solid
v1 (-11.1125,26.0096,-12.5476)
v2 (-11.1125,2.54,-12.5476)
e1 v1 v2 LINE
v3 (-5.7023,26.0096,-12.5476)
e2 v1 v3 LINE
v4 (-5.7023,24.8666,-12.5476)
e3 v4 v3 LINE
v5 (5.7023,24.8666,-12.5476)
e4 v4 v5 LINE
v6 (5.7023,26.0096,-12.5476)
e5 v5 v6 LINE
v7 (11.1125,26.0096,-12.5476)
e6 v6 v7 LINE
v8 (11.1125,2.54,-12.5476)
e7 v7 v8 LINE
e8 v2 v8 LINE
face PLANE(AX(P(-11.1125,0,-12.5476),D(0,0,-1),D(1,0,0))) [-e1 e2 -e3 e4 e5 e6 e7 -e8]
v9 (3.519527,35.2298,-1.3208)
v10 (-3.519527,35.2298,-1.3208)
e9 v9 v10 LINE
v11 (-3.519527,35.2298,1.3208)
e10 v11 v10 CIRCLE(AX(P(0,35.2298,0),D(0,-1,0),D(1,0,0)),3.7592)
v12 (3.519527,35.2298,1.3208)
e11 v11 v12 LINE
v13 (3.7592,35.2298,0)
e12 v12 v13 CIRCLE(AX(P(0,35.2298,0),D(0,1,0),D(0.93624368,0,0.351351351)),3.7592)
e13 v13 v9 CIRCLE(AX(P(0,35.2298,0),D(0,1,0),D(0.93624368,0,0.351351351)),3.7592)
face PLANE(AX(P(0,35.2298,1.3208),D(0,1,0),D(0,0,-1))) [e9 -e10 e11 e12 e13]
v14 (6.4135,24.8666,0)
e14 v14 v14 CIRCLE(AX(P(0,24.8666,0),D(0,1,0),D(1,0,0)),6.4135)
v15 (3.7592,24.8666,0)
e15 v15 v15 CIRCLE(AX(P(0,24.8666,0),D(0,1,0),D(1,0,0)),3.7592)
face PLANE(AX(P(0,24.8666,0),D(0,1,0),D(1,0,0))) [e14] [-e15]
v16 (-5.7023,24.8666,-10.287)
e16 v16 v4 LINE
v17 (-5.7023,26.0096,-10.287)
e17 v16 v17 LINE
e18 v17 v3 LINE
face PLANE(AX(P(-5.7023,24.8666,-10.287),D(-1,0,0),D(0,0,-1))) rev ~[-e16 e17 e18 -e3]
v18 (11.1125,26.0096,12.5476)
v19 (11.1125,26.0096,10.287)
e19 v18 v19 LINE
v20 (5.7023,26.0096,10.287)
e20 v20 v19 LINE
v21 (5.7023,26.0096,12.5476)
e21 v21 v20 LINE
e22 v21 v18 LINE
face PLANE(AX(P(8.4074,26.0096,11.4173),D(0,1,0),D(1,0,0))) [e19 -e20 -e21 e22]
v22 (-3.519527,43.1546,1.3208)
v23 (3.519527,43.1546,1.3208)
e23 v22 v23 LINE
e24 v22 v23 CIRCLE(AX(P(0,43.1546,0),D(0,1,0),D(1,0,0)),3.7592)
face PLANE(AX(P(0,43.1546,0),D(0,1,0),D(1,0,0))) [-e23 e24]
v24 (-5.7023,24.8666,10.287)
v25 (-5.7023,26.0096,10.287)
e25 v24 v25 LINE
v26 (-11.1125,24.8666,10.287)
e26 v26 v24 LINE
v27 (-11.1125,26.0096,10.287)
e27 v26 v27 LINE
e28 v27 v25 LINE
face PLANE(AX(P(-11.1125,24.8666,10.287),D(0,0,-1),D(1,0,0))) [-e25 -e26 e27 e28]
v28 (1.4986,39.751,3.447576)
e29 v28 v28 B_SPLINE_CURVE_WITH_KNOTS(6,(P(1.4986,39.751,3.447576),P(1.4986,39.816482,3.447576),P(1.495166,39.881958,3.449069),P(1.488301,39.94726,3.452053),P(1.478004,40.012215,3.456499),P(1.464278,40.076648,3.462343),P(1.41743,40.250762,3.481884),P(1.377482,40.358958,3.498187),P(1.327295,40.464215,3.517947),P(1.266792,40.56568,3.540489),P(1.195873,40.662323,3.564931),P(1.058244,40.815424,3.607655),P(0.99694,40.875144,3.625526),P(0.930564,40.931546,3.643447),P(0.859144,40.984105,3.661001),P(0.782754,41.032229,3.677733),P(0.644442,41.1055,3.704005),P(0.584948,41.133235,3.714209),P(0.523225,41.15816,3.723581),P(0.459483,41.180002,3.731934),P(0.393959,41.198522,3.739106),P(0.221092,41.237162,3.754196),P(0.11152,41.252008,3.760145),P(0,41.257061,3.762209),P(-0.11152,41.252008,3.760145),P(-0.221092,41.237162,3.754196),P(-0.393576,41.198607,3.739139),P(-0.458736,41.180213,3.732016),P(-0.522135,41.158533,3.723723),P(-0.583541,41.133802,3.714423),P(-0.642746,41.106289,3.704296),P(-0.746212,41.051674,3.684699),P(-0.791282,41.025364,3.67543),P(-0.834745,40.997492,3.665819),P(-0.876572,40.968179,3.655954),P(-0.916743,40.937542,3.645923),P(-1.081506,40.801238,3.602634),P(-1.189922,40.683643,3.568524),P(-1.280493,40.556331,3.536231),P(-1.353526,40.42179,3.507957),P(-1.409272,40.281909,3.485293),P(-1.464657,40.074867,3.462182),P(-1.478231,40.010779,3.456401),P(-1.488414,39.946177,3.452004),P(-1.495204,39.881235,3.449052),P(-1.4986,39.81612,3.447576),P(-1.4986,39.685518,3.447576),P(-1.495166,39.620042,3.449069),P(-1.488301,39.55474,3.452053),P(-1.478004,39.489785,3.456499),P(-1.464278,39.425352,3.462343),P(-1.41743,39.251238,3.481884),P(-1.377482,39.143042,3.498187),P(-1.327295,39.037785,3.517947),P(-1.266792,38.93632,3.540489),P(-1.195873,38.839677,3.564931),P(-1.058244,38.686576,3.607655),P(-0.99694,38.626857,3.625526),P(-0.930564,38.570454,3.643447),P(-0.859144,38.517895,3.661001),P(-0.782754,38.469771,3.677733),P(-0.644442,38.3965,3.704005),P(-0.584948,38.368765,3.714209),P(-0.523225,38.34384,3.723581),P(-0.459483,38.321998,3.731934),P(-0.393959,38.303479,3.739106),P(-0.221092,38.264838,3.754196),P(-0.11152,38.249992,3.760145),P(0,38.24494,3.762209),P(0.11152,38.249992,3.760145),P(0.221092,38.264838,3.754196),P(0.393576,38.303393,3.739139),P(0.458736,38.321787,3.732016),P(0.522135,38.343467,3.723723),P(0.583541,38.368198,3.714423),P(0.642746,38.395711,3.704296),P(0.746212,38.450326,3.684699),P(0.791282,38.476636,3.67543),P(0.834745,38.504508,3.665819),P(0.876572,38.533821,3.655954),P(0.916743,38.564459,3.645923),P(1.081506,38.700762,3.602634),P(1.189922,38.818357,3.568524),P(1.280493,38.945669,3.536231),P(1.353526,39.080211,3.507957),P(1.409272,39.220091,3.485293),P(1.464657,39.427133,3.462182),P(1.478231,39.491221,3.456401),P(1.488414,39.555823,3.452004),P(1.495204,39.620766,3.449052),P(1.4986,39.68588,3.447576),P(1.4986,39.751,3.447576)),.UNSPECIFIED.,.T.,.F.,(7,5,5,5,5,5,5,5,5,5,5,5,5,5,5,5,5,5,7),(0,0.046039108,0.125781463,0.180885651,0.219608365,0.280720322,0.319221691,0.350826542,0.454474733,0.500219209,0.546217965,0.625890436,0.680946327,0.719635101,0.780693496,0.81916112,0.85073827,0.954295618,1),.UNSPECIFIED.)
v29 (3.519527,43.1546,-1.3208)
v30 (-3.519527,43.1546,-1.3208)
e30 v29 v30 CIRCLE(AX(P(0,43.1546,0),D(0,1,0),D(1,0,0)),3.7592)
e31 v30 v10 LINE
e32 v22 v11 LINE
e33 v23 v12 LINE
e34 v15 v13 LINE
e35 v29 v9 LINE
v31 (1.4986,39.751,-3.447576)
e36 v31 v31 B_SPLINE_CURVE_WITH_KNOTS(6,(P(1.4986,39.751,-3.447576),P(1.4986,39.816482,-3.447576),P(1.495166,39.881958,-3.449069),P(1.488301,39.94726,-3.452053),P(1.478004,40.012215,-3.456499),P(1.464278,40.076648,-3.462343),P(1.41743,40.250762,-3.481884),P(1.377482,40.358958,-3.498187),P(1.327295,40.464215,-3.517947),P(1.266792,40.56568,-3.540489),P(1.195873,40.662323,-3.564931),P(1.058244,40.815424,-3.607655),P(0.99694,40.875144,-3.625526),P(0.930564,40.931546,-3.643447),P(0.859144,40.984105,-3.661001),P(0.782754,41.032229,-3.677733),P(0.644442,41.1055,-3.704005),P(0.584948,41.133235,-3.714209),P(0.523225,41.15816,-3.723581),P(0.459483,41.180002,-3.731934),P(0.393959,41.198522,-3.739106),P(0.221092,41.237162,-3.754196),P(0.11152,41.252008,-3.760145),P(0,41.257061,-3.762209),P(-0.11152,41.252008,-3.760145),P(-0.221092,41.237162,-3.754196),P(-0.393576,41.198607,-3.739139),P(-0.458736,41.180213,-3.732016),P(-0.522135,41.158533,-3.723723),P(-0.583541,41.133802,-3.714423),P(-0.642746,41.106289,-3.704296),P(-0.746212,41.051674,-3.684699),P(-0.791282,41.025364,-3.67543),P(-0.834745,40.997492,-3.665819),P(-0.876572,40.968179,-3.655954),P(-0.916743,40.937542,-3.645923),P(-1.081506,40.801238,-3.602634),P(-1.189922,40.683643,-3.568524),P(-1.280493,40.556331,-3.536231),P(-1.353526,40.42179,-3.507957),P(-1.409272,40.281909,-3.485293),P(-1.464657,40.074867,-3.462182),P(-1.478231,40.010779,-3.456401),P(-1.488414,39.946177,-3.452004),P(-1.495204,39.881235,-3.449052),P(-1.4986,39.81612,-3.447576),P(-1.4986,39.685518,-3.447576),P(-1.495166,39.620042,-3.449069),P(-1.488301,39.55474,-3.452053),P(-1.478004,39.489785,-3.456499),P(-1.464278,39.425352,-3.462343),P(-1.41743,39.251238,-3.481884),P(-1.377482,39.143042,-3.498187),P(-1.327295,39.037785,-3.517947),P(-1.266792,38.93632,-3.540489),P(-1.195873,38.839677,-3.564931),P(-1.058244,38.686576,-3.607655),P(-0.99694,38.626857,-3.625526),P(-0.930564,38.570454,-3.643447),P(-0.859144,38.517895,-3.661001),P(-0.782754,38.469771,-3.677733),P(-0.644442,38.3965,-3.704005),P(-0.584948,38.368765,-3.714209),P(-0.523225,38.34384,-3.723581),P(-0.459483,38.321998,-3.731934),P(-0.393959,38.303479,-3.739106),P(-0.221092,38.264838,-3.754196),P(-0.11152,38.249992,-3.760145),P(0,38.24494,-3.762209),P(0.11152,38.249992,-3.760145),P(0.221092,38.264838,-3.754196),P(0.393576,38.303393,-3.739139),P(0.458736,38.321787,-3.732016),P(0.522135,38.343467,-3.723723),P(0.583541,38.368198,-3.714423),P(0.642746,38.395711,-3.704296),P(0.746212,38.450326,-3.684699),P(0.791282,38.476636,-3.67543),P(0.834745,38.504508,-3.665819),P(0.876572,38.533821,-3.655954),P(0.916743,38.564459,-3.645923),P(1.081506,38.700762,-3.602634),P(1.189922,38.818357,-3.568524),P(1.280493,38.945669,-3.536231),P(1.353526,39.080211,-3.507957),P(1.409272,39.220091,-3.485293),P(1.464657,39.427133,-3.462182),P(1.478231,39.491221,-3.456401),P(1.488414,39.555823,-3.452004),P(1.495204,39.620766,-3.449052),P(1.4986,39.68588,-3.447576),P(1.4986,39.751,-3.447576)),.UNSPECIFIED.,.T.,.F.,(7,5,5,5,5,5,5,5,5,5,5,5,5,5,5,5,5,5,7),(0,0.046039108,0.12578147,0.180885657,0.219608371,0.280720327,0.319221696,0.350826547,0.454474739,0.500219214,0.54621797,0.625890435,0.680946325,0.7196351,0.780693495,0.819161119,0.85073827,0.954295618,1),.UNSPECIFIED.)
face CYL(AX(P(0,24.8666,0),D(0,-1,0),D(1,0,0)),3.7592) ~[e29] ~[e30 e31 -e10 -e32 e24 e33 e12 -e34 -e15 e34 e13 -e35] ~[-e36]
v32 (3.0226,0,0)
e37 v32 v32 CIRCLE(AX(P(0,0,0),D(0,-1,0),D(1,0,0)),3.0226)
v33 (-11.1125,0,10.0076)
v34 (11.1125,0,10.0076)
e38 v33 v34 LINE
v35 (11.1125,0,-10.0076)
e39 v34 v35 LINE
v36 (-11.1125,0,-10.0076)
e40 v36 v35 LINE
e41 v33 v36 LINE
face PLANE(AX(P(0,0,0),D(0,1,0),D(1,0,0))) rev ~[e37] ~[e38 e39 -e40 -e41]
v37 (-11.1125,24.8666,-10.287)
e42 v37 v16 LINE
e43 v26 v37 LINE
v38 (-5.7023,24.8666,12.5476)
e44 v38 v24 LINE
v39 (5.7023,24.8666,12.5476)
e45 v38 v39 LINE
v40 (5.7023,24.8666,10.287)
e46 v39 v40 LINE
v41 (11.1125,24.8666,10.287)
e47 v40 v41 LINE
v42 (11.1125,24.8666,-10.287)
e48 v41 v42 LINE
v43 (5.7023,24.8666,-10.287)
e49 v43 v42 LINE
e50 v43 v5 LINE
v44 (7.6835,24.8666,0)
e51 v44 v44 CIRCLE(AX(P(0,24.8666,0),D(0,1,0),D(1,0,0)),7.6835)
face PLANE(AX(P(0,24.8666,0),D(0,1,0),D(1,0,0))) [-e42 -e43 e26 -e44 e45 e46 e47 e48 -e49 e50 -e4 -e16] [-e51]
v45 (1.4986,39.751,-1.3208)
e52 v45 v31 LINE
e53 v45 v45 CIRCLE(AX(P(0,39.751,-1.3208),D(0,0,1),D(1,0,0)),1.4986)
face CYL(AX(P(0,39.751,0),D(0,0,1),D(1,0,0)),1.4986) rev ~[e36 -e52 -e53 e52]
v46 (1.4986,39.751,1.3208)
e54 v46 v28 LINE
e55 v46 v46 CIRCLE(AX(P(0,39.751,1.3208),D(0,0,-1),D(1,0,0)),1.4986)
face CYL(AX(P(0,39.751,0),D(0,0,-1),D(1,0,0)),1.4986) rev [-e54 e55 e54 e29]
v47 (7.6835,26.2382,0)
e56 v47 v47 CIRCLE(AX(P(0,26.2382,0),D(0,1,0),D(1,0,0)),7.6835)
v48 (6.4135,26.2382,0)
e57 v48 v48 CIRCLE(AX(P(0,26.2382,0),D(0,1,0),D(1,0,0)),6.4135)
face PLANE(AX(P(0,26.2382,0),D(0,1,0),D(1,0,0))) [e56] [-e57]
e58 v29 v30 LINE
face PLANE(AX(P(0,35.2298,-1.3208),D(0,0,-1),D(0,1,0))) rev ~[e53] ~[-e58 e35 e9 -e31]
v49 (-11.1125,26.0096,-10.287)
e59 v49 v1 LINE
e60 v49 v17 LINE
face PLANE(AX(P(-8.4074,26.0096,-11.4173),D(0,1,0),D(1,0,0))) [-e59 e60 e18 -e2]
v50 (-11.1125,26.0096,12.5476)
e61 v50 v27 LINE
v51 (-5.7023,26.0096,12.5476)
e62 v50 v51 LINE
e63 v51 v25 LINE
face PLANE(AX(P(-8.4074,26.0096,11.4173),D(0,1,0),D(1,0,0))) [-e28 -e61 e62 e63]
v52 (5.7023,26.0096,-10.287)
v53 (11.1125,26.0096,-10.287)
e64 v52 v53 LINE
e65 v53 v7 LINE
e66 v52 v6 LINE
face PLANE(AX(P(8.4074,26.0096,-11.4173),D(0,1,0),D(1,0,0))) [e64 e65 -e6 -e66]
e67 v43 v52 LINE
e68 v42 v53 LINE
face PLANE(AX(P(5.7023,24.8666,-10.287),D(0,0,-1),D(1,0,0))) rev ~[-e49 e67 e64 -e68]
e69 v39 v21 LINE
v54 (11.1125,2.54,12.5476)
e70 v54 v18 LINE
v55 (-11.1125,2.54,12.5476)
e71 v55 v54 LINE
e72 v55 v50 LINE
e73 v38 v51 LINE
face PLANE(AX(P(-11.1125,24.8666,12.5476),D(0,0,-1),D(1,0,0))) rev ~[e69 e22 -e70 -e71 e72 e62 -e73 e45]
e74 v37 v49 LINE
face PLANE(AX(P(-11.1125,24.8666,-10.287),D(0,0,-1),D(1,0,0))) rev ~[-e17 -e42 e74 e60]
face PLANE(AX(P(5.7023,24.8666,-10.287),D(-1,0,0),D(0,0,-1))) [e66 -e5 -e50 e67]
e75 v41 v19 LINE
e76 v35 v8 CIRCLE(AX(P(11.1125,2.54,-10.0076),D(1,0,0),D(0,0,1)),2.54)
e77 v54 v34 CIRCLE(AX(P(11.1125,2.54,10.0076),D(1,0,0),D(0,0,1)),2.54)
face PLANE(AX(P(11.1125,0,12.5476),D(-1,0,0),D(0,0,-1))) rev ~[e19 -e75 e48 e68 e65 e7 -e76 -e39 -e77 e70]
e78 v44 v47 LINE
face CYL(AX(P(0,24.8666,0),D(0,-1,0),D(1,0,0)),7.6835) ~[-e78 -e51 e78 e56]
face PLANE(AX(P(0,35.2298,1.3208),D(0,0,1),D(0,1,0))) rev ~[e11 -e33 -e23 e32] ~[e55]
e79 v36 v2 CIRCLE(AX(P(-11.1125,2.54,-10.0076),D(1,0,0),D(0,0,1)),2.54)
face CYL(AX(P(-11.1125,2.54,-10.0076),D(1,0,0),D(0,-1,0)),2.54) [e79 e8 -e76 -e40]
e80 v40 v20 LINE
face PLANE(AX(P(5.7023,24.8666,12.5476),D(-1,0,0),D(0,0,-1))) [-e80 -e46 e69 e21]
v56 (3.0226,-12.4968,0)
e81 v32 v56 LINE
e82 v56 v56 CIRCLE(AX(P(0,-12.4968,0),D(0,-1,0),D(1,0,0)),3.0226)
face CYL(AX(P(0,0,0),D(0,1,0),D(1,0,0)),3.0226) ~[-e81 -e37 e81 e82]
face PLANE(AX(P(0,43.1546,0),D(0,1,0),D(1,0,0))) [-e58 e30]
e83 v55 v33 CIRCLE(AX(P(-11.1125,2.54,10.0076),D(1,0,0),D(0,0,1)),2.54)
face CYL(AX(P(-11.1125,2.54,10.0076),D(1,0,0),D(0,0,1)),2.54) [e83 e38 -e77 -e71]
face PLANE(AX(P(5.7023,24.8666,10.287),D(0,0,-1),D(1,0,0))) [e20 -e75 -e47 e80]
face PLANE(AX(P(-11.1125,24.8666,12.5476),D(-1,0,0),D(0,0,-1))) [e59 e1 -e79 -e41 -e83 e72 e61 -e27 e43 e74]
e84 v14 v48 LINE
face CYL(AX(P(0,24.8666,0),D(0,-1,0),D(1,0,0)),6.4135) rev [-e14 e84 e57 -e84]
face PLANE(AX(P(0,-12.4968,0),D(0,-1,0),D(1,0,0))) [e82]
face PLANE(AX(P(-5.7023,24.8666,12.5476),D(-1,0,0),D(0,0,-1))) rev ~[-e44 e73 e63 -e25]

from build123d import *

# Parameters (mm, degrees)
SKETCH1_W                      = 22.225
SKETCH1_H                      = 25.0952
BOSS_EXTRUDE1_DEPTH            = 24.8666
SKETCH2_R                      = 3.0226
BOSS_EXTRUDE2_DEPTH            = 12.496800002
SKETCH3_R                      = 3.7592
BOSS_EXTRUDE3_DEPTH            = 18.288000094
SKETCH4_R                      = 7.6835
SKETCH4_R_2                    = 6.4135
BOSS_EXTRUDE4_DEPTH            = 1.3716
SKETCH5_W                      = 5.4102
SKETCH5_H                      = 2.2606
BOSS_EXTRUDE5_DEPTH            = 1.143
FILLET1_R                      = 2.54
CUT_EXTRUDE1_REACH             = 13.113
SKETCH6_W                      = 2.6416
SKETCH6_H                      = 7.9248
CUT_EXTRUDE1_DIRECTION_2_REACH = 13.112
CUT_EXTRUDE2_REACH             = 14.548
SKETCH7_R                      = 1.4986
CUT_EXTRUDE2_DIRECTION_2_REACH = 14.548


with BuildPart() as part:
    # Sketch1 → Boss-Extrude1 (new body)
    with BuildSketch(Plane(origin=(0, 0, 0), x_dir=(1, 0, 0), z_dir=(0, 1, 0))):
        Rectangle(SKETCH1_W, SKETCH1_H)
    extrude(amount=BOSS_EXTRUDE1_DEPTH)

    # Sketch2 → Boss-Extrude2 (add)
    with BuildSketch(Plane.XZ):
        Circle(SKETCH2_R)
    extrude(amount=BOSS_EXTRUDE2_DEPTH)

    # Sketch3 → Boss-Extrude3 (add)
    with BuildSketch(Plane(origin=(0, 24.8666, 0), x_dir=(1, 0, 0), z_dir=(0, 1, 0))):
        Circle(SKETCH3_R)
    extrude(amount=BOSS_EXTRUDE3_DEPTH)

    # Sketch4 → Boss-Extrude4 (add)
    with BuildSketch(Plane(origin=(0, 24.8666, 0), x_dir=(1, 0, 0), z_dir=(0, 1, 0))):
        Circle(SKETCH4_R)
        Circle(SKETCH4_R_2, mode=Mode.SUBTRACT)
    extrude(amount=BOSS_EXTRUDE4_DEPTH)

    # Sketch5 → Boss-Extrude5 (add)
    with BuildSketch(Plane(origin=(0, 24.8666, 0), x_dir=(1, 0, 0), z_dir=(0, 1, 0))):
        with Locations((-8.4074, -11.4173)):
            Rectangle(SKETCH5_W, SKETCH5_H)
        with Locations((8.4074, -11.4173)):
            Rectangle(SKETCH5_W, SKETCH5_H)
        with Locations((8.4074, 11.4173)):
            Rectangle(SKETCH5_W, SKETCH5_H)
        with Locations((-8.4074, 11.4173)):
            Rectangle(SKETCH5_W, SKETCH5_H)
    extrude(amount=BOSS_EXTRUDE5_DEPTH)

    # Fillet1
    fillet1_edges = [part.edges().sort_by_distance(p)[0] for p in [
        (0, 0, 12.5476),
        (0, 0, -12.5476),
    ]]
    fillet(fillet1_edges, radius=FILLET1_R)

    # Sketch6 → Cut-Extrude1 (cut, up to next)
    with BuildSketch(Plane(origin=(0, 0, 0), x_dir=(0, 0, -1), z_dir=(1, 0, 0)), mode=Mode.PRIVATE) as cut_extrude1_sk1:
        with Locations((0, 39.192200094)):
            Rectangle(SKETCH6_W, SKETCH6_H)
    cut_extrude1_tool1 = extrude(cut_extrude1_sk1.sketch, amount=-CUT_EXTRUDE1_REACH, mode=Mode.PRIVATE) & part.part
    add(cut_extrude1_tool1.solids().sort_by_distance((0, 39.1922, 0))[0], mode=Mode.SUBTRACT)

    # Sketch6 → Cut-Extrude1 direction 2 (cut, up to next)
    with BuildSketch(Plane(origin=(0, 0, 0), x_dir=(0, 0, -1), z_dir=(1, 0, 0)), mode=Mode.PRIVATE) as cut_extrude1_direction_2_sk1:
        with Locations((0, 39.192200094)):
            Rectangle(SKETCH6_W, SKETCH6_H)
    cut_extrude1_direction_2_tool1 = extrude(cut_extrude1_direction_2_sk1.sketch, amount=CUT_EXTRUDE1_DIRECTION_2_REACH, mode=Mode.PRIVATE) & part.part
    add(cut_extrude1_direction_2_tool1.solids().sort_by_distance((0, 39.1922, 0))[0], mode=Mode.SUBTRACT)

    # Sketch7 → Cut-Extrude2 (cut, up to next)
    with BuildSketch(Plane.XY, mode=Mode.PRIVATE) as cut_extrude2_sk1:
        with Locations((0, 39.751000094)):
            Circle(SKETCH7_R)
    cut_extrude2_tool1 = extrude(cut_extrude2_sk1.sketch, amount=-CUT_EXTRUDE2_REACH, mode=Mode.PRIVATE) & part.part
    add(cut_extrude2_tool1.solids().sort_by_distance((0, 39.751, 0))[0], mode=Mode.SUBTRACT)

    # Sketch7 → Cut-Extrude2 direction 2 (cut, up to next)
    with BuildSketch(Plane.XY, mode=Mode.PRIVATE) as cut_extrude2_direction_2_sk1:
        with Locations((0, 39.751000094)):
            Circle(SKETCH7_R)
    cut_extrude2_direction_2_tool1 = extrude(cut_extrude2_direction_2_sk1.sketch, amount=CUT_EXTRUDE2_DIRECTION_2_REACH, mode=Mode.PRIVATE) & part.part
    add(cut_extrude2_direction_2_tool1.solids().sort_by_distance((0, 39.751, 0))[0], mode=Mode.SUBTRACT)


solid = part.part
